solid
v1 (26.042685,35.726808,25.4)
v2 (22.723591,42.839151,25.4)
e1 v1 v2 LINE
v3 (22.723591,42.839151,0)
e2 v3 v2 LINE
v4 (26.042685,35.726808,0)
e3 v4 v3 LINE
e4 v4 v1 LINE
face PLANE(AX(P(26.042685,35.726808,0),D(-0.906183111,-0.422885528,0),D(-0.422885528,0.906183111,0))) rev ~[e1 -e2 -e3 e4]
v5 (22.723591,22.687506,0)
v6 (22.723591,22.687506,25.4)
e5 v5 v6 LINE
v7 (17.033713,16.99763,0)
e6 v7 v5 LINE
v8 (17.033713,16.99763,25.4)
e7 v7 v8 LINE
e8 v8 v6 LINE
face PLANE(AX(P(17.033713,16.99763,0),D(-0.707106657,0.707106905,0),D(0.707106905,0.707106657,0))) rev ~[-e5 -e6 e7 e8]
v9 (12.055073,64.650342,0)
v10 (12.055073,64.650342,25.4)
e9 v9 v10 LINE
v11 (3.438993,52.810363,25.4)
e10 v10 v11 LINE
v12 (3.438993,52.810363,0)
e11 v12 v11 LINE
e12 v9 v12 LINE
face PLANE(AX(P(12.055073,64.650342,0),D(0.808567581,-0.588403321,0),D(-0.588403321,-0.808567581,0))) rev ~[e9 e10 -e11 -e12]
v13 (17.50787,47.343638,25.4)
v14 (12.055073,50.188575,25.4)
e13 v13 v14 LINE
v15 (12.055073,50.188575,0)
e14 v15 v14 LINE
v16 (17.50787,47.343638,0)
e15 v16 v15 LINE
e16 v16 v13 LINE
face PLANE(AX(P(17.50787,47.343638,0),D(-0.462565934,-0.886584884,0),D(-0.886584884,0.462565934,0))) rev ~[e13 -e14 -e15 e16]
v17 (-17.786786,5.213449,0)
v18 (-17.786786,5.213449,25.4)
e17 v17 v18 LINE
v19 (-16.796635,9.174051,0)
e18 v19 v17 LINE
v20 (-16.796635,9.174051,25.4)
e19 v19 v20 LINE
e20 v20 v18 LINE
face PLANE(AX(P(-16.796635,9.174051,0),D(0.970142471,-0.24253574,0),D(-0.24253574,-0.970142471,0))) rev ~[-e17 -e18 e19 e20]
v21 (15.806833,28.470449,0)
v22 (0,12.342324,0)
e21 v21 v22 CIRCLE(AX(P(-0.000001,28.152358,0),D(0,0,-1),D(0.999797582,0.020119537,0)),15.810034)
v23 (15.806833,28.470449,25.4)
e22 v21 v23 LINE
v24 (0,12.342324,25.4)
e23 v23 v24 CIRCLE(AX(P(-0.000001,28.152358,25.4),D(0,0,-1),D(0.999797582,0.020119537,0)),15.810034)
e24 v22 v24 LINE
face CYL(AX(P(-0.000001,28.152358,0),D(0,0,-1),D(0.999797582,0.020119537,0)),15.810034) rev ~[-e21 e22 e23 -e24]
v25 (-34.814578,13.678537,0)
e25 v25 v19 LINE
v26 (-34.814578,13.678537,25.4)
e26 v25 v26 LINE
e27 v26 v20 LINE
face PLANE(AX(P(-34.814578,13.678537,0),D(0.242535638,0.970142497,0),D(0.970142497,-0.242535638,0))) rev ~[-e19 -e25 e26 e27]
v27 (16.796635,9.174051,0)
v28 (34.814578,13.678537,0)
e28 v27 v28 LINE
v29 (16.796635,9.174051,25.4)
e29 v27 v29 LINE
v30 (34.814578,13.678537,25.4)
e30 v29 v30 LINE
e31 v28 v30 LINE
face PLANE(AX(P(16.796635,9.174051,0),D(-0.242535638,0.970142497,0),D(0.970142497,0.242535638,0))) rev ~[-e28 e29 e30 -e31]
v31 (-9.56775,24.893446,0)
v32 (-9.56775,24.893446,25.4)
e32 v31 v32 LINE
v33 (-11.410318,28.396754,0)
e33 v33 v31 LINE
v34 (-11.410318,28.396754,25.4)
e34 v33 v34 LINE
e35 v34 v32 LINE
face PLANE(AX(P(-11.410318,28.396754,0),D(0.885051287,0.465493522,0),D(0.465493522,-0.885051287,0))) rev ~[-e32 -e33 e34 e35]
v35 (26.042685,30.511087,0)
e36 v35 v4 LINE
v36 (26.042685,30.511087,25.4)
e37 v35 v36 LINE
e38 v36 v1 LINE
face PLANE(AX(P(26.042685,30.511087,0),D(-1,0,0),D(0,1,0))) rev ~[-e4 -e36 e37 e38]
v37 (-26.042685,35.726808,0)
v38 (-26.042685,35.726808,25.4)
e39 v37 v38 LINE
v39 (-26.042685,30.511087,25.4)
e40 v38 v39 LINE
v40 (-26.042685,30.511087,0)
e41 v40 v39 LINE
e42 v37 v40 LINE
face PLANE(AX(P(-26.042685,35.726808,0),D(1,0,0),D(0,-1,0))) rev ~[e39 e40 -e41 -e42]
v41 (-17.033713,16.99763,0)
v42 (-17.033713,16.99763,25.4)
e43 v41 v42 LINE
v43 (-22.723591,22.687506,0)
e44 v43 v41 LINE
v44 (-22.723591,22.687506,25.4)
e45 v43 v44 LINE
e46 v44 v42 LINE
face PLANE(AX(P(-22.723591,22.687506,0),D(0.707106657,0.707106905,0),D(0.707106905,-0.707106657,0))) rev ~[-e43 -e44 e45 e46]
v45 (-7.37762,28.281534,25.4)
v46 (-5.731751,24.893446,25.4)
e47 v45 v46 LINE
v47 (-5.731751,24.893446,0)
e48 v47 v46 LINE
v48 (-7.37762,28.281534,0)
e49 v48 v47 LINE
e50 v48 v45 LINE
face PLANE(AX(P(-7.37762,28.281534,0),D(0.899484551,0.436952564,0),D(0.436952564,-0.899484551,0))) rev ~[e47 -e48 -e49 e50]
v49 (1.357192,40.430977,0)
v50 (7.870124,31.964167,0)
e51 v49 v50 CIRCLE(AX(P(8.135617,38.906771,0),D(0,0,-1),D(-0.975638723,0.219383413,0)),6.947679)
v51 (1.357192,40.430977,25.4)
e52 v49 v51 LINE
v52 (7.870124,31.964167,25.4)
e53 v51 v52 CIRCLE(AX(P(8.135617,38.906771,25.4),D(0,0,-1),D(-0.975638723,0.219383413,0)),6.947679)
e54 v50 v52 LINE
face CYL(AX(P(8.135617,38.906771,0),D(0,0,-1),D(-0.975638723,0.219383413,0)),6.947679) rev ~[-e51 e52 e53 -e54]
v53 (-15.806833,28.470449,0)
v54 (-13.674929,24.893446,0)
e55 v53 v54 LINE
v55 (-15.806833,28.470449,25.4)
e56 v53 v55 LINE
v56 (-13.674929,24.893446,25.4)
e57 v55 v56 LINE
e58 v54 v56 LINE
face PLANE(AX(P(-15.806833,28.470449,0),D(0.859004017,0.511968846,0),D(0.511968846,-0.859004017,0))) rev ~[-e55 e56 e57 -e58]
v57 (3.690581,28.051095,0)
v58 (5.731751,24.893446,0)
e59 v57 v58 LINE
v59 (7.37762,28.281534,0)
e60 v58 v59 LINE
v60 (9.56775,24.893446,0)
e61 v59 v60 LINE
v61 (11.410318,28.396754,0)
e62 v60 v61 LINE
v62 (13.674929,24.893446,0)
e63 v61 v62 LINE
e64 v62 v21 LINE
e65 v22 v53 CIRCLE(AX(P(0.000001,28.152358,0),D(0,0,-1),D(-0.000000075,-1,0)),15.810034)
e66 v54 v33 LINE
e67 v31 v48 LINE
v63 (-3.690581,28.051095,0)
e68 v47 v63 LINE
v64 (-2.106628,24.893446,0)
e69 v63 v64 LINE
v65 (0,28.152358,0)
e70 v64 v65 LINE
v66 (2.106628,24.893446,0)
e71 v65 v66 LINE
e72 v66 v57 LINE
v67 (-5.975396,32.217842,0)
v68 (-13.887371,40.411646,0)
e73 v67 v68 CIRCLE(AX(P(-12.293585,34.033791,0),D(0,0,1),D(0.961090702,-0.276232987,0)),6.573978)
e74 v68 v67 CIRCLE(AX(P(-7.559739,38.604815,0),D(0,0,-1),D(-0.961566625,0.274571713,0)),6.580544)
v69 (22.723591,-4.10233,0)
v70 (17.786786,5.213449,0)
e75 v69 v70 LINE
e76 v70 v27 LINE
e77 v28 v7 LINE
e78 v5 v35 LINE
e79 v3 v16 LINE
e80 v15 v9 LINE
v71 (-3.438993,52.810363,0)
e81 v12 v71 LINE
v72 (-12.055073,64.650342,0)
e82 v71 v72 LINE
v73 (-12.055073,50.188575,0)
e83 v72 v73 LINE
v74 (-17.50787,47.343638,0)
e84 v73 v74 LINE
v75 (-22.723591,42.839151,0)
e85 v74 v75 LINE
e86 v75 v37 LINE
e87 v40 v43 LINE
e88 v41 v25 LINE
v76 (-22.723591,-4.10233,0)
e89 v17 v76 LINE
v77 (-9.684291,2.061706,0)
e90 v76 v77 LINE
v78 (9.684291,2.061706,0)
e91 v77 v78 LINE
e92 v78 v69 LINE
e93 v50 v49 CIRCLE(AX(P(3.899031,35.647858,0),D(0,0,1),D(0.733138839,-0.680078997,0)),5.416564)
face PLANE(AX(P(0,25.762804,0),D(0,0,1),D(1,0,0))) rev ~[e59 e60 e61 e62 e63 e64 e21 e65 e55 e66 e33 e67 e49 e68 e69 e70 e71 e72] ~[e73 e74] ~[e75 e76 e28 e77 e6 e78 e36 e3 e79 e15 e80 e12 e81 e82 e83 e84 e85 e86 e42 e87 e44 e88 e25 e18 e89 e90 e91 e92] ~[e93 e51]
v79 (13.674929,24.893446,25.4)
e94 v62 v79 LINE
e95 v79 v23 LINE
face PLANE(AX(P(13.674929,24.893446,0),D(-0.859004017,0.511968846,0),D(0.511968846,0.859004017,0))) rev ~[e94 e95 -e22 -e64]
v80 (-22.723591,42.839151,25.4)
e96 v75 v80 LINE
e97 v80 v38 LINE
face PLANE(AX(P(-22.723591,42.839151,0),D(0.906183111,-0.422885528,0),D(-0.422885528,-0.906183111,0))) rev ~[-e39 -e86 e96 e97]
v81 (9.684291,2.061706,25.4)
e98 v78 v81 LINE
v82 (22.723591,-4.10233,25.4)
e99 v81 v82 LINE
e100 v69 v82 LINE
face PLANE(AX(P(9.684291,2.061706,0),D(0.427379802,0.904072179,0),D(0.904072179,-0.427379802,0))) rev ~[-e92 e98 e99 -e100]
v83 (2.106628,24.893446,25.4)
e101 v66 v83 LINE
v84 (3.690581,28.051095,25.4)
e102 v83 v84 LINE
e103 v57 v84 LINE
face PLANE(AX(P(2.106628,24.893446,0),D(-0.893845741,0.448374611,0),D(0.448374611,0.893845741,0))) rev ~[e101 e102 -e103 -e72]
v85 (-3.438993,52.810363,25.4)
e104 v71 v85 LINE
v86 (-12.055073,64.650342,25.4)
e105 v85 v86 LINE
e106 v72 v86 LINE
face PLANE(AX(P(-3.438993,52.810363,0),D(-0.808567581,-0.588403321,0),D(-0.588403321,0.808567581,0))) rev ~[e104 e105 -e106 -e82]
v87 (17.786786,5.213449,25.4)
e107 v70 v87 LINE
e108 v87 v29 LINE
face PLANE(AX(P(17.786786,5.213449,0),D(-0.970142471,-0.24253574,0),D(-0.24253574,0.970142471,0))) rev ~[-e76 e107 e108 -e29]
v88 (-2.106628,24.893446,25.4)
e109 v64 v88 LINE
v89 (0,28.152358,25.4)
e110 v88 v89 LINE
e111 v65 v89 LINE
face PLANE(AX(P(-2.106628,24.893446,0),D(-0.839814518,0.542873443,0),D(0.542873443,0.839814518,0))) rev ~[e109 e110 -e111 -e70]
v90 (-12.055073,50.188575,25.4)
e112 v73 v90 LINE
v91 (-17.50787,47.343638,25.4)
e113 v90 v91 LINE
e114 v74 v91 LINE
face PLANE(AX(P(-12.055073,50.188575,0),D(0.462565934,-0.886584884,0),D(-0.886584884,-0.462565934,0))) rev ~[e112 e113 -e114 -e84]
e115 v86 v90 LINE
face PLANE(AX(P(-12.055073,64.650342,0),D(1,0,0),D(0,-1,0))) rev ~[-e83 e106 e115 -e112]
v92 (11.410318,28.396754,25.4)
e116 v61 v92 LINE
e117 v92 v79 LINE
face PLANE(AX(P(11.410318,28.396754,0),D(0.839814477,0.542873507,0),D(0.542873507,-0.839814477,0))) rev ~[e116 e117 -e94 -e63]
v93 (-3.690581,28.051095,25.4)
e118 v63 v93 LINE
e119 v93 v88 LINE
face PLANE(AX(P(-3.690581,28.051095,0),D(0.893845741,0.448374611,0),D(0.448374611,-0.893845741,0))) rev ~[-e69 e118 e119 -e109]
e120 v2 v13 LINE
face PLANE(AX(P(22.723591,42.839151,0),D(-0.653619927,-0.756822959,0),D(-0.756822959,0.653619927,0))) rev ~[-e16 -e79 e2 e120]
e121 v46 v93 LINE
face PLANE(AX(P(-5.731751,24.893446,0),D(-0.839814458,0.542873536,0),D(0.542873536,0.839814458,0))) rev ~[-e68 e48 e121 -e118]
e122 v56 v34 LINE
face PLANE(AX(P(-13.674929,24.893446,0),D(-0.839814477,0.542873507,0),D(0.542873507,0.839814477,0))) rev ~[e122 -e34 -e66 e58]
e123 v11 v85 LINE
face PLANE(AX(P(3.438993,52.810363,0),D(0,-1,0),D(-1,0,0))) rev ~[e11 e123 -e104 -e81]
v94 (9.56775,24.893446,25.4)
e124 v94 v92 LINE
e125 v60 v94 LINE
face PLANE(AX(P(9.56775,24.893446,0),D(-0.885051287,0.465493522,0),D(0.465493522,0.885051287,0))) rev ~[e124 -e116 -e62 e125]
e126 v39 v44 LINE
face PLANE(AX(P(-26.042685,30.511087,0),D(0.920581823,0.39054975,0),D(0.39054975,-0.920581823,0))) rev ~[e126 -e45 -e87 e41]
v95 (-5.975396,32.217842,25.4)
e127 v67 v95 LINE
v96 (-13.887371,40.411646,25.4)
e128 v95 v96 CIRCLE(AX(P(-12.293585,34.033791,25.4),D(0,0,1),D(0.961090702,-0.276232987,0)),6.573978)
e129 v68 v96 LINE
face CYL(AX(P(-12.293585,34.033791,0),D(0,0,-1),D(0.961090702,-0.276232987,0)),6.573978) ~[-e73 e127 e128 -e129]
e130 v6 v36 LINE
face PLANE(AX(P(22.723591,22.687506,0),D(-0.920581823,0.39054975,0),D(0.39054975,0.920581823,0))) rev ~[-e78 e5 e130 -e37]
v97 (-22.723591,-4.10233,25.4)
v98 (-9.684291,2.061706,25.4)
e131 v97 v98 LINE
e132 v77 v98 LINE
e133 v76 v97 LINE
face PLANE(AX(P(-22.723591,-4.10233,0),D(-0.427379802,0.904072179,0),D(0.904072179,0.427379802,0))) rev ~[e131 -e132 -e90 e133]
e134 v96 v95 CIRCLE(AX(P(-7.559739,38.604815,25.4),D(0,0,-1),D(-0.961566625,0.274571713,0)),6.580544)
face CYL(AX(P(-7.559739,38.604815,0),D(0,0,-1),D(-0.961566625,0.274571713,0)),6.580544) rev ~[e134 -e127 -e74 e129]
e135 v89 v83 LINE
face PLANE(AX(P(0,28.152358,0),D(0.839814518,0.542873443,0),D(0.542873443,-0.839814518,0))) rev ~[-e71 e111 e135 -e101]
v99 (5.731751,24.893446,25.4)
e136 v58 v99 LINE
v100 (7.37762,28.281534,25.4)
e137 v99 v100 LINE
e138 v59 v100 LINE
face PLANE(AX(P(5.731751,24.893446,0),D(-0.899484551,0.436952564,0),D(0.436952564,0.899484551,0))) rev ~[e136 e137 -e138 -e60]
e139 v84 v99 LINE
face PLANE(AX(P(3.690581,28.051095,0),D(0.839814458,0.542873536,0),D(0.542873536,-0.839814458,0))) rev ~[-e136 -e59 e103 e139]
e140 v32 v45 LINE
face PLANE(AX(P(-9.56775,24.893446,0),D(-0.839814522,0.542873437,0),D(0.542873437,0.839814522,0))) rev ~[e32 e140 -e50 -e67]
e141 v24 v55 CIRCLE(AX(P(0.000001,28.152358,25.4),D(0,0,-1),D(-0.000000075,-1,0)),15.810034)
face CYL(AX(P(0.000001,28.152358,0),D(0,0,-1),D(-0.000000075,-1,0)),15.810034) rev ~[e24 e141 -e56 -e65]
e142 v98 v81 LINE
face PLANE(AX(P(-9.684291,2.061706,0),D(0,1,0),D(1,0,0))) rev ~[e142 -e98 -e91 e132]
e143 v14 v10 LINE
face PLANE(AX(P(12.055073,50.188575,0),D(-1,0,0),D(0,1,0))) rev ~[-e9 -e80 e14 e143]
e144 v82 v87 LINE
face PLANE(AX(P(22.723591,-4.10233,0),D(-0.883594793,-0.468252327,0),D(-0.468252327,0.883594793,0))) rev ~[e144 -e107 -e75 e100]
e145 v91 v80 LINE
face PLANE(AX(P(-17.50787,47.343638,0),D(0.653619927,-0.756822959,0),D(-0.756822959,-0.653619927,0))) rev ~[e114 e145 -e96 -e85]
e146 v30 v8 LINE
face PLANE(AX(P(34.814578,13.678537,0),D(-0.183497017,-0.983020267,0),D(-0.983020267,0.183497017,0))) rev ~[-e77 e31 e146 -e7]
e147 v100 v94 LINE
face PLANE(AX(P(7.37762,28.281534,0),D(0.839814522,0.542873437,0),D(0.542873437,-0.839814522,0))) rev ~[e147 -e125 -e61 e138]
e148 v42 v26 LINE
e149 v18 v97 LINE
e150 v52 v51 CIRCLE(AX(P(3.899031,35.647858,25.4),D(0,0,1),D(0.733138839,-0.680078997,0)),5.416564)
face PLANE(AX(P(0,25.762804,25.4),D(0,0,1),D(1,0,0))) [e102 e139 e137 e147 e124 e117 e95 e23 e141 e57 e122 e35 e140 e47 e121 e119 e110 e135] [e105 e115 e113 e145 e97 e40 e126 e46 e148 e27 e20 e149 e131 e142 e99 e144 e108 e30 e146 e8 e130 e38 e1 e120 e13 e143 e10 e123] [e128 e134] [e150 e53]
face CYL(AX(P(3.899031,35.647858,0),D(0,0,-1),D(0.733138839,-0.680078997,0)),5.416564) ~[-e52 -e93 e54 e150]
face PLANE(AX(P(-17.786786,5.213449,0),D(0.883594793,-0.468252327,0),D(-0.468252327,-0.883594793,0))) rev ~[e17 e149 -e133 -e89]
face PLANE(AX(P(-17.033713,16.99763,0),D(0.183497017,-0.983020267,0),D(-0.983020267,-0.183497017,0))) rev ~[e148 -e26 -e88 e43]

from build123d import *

# Parameters (mm, degrees)
F1_DEPTH = 25.4


with BuildPart() as f1:
    # F0 (on Top) → F1 (new body)
    with BuildSketch(Plane.XY):
        Polygon((3.438993, 52.810363), (0, 52.810363), (-3.438993, 52.810363), (-12.055073, 64.650342), (-12.055073, 50.188575), (-17.50787, 47.343638), (-22.723591, 42.839151), (-26.042685, 35.726808), (-26.042685, 30.511087), (-22.723591, 22.687506), (-17.033713, 16.99763), (-34.814578, 13.678537), (-16.796635, 9.174051), (-17.786786, 5.213449), (-22.723591, -4.10233), (-9.684291, 2.061706), (0, 2.061706), (9.684291, 2.061706), (22.723591, -4.10233), (17.786786, 5.213449), (16.796635, 9.174051), (34.814578, 13.678537), (17.033713, 16.99763), (22.723591, 22.687506), (26.042685, 30.511087), (26.042685, 35.726808), (22.723591, 42.839151), (17.50787, 47.343638), (12.055073, 50.188575), (12.055073, 64.650342), align=None)
        with BuildLine():
            Line((0, 28.152358), (2.106628, 24.893446))
            Line((2.106628, 24.893446), (3.690581, 28.051095))
            Line((3.690581, 28.051095), (5.731751, 24.893446))
            Line((5.731751, 24.893446), (7.37762, 28.281534))
            Line((7.37762, 28.281534), (9.56775, 24.893446))
            Line((9.56775, 24.893446), (11.410318, 28.396754))
            Line((11.410318, 28.396754), (13.674929, 24.893446))
            Line((13.674929, 24.893446), (15.806833, 28.470449))
            ThreePointArc((15.806833, 28.470449), (11.291284, 17.08601), (0, 12.342324))
            ThreePointArc((0, 12.342324), (-11.291284, 17.08601), (-15.806833, 28.470449))
            Line((-15.806833, 28.470449), (-13.674929, 24.893446))
            Line((-13.674929, 24.893446), (-11.410318, 28.396754))
            Line((-11.410318, 28.396754), (-9.56775, 24.893446))
            Line((-9.56775, 24.893446), (-7.37762, 28.281534))
            Line((-7.37762, 28.281534), (-5.731751, 24.893446))
            Line((-5.731751, 24.893446), (-3.690581, 28.051095))
            Line((-3.690581, 28.051095), (-2.106628, 24.893446))
            Line((-2.106628, 24.893446), (0, 28.152358))
        make_face(mode=Mode.SUBTRACT)
        with BuildLine():
            ThreePointArc((-13.887371, 40.411646), (-2.825893, 43.175839), (-5.975396, 32.217842))
            ThreePointArc((-5.975396, 32.217842), (-7.564462, 38.600254), (-13.887371, 40.411646))
        make_face(mode=Mode.SUBTRACT)
        with BuildLine():
            ThreePointArc((1.357192, 40.430977), (13.642513, 43.142847), (7.870124, 31.964167))
            ThreePointArc((7.870124, 31.964167), (8.192329, 38.950396), (1.357192, 40.430977))
        make_face(mode=Mode.SUBTRACT)
    extrude(amount=F1_DEPTH)


solid = f1.part
